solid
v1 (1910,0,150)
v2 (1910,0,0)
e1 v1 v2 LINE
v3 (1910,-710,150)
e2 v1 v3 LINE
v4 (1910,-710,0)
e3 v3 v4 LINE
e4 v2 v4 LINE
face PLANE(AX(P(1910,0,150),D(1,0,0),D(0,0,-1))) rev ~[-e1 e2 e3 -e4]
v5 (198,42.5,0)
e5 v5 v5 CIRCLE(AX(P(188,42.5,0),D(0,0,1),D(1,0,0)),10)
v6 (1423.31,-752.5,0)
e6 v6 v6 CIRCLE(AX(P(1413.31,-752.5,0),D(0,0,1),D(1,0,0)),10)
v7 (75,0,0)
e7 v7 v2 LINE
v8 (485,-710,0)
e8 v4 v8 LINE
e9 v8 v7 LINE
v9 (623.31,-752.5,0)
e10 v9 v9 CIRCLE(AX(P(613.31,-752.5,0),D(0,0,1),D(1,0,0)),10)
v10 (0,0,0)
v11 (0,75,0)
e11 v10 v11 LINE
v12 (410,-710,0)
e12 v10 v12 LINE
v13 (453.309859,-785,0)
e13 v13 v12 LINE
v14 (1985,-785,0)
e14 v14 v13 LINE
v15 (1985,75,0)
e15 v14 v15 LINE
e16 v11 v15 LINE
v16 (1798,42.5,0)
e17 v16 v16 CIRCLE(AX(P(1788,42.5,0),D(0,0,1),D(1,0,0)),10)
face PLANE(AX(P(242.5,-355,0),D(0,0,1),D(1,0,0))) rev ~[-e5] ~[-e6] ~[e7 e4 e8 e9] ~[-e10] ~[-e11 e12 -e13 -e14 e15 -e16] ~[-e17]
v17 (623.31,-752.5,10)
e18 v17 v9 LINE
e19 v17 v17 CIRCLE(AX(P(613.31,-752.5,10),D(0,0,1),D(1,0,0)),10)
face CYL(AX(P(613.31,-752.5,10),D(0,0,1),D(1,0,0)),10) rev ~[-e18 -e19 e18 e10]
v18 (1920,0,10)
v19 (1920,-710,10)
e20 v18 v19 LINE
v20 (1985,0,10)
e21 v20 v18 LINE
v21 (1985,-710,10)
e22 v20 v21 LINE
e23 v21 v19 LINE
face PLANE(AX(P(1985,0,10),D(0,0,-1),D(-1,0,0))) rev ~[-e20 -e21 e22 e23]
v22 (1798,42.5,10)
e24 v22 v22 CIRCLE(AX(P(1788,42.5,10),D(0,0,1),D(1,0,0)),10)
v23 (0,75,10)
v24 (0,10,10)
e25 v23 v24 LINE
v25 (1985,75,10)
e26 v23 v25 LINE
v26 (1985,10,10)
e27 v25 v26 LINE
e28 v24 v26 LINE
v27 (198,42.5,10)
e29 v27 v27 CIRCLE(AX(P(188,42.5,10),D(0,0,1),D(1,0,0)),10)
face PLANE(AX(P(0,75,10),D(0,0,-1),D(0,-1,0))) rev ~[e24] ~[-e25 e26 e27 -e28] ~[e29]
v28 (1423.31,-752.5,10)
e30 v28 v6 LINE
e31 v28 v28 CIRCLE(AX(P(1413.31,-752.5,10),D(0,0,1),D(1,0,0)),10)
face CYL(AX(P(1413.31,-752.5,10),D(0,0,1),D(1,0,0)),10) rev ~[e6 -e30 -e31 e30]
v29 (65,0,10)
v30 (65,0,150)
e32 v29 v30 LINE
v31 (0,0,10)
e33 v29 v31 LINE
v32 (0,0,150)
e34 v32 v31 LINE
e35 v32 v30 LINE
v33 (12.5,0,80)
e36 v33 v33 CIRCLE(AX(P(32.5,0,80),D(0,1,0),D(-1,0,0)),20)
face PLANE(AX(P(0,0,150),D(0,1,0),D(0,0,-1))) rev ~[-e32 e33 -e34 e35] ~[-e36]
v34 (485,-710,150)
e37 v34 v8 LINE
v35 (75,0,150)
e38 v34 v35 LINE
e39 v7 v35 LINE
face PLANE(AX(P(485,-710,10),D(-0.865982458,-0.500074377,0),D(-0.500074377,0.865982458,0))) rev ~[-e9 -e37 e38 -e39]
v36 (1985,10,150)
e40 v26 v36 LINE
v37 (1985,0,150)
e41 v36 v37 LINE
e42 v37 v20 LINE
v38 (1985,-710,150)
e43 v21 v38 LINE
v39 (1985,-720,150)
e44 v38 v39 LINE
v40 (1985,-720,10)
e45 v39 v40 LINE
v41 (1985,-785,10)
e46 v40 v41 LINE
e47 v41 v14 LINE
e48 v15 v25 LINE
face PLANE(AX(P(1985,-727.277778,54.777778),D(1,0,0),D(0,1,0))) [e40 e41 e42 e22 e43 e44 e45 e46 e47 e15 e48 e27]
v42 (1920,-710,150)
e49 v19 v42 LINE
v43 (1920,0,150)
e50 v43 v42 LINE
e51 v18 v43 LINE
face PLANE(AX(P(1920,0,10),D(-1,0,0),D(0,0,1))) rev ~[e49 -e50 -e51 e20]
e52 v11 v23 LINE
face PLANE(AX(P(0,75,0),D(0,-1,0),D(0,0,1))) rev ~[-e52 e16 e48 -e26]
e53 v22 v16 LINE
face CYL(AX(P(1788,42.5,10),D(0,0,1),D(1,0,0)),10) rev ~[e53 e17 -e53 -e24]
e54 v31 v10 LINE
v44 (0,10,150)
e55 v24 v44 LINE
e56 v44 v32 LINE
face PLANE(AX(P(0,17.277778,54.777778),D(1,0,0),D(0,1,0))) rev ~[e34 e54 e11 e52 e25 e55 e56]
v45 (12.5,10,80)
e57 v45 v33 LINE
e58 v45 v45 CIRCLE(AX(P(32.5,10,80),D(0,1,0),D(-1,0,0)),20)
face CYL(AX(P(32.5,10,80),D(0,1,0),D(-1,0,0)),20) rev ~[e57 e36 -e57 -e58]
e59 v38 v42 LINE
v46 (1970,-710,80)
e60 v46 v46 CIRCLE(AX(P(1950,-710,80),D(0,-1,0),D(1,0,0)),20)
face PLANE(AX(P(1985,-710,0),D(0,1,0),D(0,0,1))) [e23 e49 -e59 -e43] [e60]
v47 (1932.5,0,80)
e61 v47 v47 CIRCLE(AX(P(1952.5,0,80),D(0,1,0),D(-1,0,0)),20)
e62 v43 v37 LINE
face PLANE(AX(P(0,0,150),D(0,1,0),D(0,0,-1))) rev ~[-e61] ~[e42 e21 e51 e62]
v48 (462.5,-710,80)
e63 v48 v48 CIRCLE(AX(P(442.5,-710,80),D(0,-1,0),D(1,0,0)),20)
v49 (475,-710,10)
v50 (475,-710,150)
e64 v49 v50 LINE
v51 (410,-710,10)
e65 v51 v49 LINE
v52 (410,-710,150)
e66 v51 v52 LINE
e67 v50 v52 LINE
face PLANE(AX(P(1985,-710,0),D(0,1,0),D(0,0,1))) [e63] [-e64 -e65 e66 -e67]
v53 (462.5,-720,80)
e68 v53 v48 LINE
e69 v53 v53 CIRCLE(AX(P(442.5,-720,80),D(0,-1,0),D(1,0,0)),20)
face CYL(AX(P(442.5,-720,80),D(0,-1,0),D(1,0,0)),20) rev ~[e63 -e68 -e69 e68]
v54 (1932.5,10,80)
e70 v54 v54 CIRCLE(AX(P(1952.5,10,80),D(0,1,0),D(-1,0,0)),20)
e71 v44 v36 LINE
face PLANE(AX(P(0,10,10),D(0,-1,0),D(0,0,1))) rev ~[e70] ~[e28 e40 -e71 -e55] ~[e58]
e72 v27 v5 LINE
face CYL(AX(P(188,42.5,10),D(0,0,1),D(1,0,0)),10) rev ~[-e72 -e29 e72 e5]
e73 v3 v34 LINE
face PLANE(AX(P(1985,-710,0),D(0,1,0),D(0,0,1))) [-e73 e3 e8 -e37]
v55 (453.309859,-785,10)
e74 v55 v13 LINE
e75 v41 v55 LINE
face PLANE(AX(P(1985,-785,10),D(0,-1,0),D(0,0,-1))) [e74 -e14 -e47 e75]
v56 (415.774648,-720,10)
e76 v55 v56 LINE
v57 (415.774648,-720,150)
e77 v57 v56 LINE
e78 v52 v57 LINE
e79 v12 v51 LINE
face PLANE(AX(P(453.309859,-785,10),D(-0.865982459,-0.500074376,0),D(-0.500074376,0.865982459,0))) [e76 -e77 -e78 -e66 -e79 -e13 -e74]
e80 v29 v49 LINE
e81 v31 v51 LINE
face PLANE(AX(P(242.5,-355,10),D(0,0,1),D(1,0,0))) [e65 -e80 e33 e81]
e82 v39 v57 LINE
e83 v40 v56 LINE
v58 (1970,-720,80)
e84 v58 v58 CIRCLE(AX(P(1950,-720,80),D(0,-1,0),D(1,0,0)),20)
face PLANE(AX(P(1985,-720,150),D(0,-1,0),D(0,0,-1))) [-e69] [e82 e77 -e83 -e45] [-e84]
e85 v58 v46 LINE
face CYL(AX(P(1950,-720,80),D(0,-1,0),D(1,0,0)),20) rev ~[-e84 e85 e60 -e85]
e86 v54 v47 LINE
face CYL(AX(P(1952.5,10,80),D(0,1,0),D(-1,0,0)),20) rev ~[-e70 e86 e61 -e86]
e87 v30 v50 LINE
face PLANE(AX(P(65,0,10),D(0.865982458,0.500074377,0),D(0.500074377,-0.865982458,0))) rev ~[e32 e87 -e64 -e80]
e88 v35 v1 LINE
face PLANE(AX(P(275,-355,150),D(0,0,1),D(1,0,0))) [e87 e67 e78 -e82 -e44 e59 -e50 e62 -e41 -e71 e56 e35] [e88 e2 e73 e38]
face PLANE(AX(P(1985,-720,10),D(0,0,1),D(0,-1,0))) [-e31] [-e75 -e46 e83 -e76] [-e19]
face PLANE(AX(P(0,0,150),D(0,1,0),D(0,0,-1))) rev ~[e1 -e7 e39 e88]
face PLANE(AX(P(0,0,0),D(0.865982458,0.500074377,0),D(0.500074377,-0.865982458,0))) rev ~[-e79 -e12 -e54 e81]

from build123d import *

# Parameters (mm, degrees)
F1_DEPTH       = 1985
F3_DEPTH       = 710
F5_DEPTH       = 1575
F7_DEPTH       = 10
F9_DEPTH       = 140
F10_R          = 10
F11_DEPTH      = 25
F12_R          = 20
F13_DEPTH      = 15
F14_R          = 20
F15_DEPTH      = 25
F17_DEPTH      = 177
F17_DEPTH_BACK = 25


with BuildPart() as f1:
    # F0 (on Right) → F1 (new body)
    with BuildSketch(Plane.YZ):
        Polygon((0, 10), (0, 0), (10, 0), (75, 0), (75, 10), (10, 10), (10, 150), (0, 150), align=None)
    extrude(amount=F1_DEPTH)

    # F2 (on face) → F3 (join)
    with BuildSketch(Plane.XZ):
        Polygon((1910, 10), (1910, 0), (1920, 0), (1985, 0), (1985, 10), (1920, 10), (1920, 150), (1910, 150), align=None)
    extrude(amount=F3_DEPTH)



with BuildPart() as f5:
    # F4 (on face) → F5 (new body)
    with BuildSketch(Plane.YZ.offset(1985)):
        Polygon((-720, 150), (-720, 10), (-785, 10), (-785, 0), (-720, 0), (-710, 0), (-710, 10), (-710, 150), align=None)
    extrude(amount=-F5_DEPTH)


with BuildPart() as f7:
    # F6 (on Top) → F7 (new body)
    with BuildSketch(Plane.XY):
        Polygon((485, -710), (75, 0), (0, 0), (410, -710), align=None)
    extrude(amount=F7_DEPTH)


with BuildPart() as f1_1:
    add(f1.part)

    add(f5.part)  # F9 merges F5

    add(f7.part)  # F9 merges F7
    # F8 (on face) → F9 (join)
    with BuildSketch(Plane.XY.offset(10)):
        Polygon((485, -710), (75, 0), (65, 0), (475, -710), align=None)
    extrude(amount=F9_DEPTH)

    # F10 (on face) → F11 (cut)
    with BuildSketch(Plane.XY.offset(10)):
        with Locations((613.31, -752.5)):
            Circle(F10_R)
        with Locations((1413.31, -752.5)):
            Circle(F10_R)
        with Locations((1788, 42.5)):
            Circle(F10_R)
        with Locations((188, 42.5)):
            Circle(F10_R)
    extrude(amount=-F11_DEPTH, mode=Mode.SUBTRACT)

    # F12 (on face) → F13 (cut)
    with BuildSketch(Plane.XZ.offset(720)):
        with Locations((442.5, 80)):
            Circle(F12_R)
        with Locations((1950, 80)):
            Circle(F12_R)
    extrude(amount=-F13_DEPTH, mode=Mode.SUBTRACT)

    # F14 (on face) → F15 (cut)
    with BuildSketch(Plane(origin=(0, 10, 0), x_dir=(-1, 0, 0), z_dir=(0, 1, 0))):
        with Locations((-1952.5, 80)):
            Circle(F14_R)
        with Locations((-32.5, 80)):
            Circle(F14_R)
    extrude(amount=-F15_DEPTH, mode=Mode.SUBTRACT)

    # F16 (on face) → F17 (cut, two sides)
    with BuildSketch(Plane.XY.offset(10)) as f17_sk:
        Polygon((453.309859, -785), (410, -710), (410, -785), align=None)
    extrude(amount=F17_DEPTH, mode=Mode.SUBTRACT)
    extrude(f17_sk.sketch, amount=-F17_DEPTH_BACK, mode=Mode.SUBTRACT)


solid = f1_1.part
